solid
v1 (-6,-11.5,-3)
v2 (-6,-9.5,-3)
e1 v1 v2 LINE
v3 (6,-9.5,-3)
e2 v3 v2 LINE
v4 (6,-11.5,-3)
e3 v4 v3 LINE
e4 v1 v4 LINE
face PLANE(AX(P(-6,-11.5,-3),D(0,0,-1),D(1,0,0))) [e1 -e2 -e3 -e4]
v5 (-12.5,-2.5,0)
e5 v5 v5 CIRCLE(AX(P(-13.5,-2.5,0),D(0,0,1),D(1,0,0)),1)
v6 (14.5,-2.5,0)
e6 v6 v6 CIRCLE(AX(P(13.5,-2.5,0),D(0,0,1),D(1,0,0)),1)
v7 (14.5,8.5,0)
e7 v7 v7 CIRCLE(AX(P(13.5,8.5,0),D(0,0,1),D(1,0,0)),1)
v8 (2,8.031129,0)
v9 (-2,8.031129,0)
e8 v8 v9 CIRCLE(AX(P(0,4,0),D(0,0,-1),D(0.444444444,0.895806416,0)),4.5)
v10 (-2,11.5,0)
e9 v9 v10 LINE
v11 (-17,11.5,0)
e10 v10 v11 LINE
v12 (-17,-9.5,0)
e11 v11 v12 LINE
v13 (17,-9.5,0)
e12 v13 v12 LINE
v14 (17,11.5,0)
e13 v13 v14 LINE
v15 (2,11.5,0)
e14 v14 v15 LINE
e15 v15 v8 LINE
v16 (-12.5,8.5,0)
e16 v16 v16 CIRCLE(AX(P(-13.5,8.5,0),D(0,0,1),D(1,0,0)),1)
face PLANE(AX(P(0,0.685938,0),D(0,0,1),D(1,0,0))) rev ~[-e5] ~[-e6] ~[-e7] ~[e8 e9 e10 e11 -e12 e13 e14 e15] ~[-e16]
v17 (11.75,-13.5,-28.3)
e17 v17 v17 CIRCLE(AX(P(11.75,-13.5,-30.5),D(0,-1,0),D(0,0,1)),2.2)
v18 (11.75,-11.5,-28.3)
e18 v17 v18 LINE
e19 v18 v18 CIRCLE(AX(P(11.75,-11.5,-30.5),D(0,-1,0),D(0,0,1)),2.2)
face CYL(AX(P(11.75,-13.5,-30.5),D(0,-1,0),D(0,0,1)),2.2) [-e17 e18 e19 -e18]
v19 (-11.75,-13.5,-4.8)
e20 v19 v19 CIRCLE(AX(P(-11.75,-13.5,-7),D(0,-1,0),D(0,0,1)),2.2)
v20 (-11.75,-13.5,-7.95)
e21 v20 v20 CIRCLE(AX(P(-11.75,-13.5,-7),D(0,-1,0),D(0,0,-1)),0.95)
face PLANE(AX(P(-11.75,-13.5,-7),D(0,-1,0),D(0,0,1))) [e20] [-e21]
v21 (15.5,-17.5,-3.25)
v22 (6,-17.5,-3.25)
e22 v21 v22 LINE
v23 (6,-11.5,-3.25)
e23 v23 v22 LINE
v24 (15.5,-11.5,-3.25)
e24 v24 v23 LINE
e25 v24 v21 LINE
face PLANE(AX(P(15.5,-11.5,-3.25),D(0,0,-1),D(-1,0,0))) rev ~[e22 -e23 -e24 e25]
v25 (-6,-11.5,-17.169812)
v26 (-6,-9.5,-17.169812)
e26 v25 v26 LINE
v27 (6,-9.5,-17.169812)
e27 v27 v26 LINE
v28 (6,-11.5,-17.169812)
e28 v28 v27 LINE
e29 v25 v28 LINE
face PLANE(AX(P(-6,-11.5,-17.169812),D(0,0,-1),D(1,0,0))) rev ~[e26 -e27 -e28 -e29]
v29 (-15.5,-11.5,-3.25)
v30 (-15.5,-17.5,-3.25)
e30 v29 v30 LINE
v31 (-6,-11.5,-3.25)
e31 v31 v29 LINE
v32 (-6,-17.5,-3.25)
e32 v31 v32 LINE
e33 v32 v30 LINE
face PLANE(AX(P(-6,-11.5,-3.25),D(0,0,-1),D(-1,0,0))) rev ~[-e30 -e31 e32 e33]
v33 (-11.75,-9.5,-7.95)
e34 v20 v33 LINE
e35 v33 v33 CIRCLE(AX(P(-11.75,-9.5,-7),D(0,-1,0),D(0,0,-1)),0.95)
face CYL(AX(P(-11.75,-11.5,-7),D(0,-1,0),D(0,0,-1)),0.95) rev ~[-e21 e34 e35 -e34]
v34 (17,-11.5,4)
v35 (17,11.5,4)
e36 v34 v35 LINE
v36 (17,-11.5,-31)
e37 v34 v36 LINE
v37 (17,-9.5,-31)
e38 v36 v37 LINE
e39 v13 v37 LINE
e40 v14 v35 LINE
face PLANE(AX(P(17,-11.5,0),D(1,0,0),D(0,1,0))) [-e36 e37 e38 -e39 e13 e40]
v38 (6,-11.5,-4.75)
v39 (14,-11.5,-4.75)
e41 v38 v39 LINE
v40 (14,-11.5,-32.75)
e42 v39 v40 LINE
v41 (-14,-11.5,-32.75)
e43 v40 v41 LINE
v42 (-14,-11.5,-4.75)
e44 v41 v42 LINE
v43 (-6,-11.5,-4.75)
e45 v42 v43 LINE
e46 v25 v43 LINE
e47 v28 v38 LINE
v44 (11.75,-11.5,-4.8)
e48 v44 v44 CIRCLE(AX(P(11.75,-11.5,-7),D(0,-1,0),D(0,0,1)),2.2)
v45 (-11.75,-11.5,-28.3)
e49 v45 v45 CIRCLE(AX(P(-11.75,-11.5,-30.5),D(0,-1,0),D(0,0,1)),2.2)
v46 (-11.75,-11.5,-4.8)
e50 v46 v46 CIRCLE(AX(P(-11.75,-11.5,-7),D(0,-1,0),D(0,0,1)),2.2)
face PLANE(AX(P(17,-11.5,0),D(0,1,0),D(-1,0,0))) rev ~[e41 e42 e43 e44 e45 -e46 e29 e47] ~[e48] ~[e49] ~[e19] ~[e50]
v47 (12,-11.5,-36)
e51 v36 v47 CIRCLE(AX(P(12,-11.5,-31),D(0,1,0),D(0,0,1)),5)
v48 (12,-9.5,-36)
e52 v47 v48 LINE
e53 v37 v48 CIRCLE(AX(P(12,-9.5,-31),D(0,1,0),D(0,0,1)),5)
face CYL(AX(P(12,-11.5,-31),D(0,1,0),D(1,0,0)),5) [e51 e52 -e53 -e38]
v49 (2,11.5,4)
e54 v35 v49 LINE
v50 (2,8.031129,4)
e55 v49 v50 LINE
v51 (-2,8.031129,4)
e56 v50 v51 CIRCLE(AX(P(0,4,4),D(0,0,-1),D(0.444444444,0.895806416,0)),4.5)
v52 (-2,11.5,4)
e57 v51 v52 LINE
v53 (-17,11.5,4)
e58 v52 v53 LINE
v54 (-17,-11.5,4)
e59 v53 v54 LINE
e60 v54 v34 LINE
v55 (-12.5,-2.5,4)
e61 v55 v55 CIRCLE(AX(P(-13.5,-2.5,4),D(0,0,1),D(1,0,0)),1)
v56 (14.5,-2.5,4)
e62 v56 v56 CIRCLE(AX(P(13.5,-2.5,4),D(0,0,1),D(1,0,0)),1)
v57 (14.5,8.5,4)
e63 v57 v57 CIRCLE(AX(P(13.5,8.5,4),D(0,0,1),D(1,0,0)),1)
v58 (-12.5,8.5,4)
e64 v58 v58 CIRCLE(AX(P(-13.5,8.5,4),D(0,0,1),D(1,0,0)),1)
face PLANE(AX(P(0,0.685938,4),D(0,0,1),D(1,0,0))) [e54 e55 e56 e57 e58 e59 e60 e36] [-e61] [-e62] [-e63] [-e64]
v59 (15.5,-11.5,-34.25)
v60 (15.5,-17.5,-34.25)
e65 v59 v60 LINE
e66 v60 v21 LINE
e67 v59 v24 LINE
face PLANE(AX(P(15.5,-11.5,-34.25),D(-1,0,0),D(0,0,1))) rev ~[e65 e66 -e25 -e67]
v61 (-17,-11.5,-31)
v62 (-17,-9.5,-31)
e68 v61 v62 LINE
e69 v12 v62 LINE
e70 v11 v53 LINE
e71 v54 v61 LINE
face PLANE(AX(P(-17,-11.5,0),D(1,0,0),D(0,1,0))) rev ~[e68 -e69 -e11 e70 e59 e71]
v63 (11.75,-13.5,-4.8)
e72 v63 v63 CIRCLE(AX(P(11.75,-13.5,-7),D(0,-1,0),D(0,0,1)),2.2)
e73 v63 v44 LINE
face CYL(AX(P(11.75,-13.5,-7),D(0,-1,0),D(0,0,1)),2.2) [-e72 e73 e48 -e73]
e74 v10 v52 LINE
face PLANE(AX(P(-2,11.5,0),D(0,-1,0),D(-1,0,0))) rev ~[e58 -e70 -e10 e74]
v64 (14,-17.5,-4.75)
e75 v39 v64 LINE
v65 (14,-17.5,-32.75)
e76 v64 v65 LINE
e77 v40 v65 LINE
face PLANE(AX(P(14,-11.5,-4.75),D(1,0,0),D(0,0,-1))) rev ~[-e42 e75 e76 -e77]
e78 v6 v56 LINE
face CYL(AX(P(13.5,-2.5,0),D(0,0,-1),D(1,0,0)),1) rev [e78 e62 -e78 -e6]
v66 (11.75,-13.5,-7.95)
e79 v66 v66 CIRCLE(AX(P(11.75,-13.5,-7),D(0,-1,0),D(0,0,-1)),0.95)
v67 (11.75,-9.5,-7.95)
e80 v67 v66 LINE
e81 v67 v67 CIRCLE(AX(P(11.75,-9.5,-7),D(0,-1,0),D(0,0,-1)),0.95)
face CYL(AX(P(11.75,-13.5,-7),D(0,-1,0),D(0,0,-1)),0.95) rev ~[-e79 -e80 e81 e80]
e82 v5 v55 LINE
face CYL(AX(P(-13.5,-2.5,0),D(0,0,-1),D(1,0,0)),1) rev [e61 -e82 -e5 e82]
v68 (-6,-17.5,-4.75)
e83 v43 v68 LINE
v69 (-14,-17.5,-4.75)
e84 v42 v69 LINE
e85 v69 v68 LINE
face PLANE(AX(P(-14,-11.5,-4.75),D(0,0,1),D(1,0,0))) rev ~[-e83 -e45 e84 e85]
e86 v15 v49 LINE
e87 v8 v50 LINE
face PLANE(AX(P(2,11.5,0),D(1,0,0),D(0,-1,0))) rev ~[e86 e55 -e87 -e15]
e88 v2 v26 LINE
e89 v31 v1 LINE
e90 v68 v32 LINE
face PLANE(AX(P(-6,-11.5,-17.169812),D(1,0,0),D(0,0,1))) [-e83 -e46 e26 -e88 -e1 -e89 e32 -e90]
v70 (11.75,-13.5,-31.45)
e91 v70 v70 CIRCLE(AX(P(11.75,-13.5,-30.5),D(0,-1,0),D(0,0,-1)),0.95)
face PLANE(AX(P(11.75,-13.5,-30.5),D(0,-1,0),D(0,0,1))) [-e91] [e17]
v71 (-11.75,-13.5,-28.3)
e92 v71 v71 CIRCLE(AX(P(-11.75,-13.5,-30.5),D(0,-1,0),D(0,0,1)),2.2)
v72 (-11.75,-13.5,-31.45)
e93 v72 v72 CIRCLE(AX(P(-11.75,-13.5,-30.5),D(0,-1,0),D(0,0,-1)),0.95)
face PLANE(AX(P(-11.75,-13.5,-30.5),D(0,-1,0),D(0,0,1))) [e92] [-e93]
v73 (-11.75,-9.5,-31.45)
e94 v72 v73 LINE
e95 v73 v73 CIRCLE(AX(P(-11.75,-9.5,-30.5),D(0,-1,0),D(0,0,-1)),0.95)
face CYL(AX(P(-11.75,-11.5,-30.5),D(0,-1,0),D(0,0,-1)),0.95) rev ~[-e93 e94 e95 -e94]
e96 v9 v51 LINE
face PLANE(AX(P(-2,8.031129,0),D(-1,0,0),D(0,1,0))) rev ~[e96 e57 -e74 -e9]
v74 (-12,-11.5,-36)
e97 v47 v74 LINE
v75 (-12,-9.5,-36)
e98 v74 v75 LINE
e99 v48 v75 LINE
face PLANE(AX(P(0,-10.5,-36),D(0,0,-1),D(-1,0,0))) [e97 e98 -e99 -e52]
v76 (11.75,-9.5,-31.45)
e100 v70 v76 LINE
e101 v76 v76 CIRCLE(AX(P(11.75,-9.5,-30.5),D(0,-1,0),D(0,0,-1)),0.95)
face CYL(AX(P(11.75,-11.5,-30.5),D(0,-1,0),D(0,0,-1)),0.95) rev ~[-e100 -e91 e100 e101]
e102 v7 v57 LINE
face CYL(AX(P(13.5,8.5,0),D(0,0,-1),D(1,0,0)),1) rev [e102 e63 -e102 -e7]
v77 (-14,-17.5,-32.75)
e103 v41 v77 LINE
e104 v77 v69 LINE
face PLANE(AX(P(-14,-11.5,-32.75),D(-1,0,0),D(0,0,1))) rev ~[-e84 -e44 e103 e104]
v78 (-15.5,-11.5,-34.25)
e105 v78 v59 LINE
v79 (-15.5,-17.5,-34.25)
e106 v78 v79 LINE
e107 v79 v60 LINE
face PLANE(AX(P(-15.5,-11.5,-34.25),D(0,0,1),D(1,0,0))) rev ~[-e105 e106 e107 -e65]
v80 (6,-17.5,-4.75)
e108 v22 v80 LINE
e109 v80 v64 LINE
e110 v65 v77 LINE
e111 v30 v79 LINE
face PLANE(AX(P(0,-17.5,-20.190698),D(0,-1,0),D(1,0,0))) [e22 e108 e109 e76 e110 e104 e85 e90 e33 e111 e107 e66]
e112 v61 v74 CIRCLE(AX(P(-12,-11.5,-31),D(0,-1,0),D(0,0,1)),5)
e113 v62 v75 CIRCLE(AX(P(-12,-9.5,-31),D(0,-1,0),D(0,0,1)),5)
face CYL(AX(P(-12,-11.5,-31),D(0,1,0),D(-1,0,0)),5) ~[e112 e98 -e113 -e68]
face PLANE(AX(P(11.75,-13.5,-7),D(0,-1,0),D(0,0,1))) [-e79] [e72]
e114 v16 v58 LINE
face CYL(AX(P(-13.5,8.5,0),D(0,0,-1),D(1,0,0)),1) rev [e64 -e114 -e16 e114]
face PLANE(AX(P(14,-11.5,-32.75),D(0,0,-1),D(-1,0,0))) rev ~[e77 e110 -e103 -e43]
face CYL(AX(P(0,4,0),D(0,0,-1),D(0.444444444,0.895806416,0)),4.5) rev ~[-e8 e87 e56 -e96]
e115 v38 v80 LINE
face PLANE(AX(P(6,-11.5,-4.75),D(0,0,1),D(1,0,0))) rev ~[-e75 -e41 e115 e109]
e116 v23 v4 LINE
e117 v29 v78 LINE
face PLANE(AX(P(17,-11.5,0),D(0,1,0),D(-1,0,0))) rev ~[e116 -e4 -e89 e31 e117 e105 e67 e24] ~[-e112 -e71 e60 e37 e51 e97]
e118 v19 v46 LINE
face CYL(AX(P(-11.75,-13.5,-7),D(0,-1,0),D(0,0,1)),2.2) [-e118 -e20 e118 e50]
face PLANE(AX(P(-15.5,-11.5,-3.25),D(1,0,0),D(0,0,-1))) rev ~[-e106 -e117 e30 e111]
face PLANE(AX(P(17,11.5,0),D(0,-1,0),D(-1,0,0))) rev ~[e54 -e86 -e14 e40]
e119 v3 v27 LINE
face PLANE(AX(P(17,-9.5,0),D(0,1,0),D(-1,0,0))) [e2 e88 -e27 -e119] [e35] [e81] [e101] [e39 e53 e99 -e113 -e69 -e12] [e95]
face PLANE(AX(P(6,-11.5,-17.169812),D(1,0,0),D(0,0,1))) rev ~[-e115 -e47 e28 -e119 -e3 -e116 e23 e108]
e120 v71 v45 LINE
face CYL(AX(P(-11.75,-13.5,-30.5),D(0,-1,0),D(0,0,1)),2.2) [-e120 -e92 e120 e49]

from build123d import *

# Parameters (mm, degrees)
SKETCH_1_R          = 1
EXTRUDE_1_DEPTH     = 4
SKETCH_2_W          = 34
SKETCH_2_H          = 2
EXTRUDE_2_DEPTH     = 36
SKETCH_3_R          = 0.95
SKETCH_3_W          = 12
SKETCH_3_H          = 14.169811535
CUT_EXTRUDE_1_DEPTH = 3
EXTRUDE_START       = 2
SKETCH_4_R          = 2.2
SKETCH_4_R_2        = 0.95
EXTRUDE_3_DEPTH     = 2
FILLET_1_R          = 5
EXTRUDE_5_DEPTH     = 6


with BuildPart() as part:
    # Эскиз1 → Бобышка-Вытянуть1 (new body)
    with BuildSketch(Plane.XY):
        with BuildLine():
            Line((-17, -11.5), (17, -11.5))
            Line((17, -11.5), (17, 11.5))
            Line((17, 11.5), (2, 11.5))
            Line((2, 11.5), (2, 8.031128874))
            ThreePointArc((2, 8.031128874), (0, -0.5), (-2, 8.031128874))
            Line((-2, 8.031128874), (-2, 11.5))
            Line((-2, 11.5), (-17, 11.5))
            Line((-17, 11.5), (-17, -11.5))
        make_face()
        with Locations((-13.5, 8.5)):
            Circle(SKETCH_1_R, mode=Mode.SUBTRACT)
        with Locations((13.5, 8.5)):
            Circle(SKETCH_1_R, mode=Mode.SUBTRACT)
        with Locations((-13.5, -2.5)):
            Circle(SKETCH_1_R, mode=Mode.SUBTRACT)
        with Locations((13.5, -2.5)):
            Circle(SKETCH_1_R, mode=Mode.SUBTRACT)
    extrude(amount=EXTRUDE_1_DEPTH)

    # Эскиз2 → Бобышка-Вытянуть2 (add)
    with BuildSketch(Plane(origin=(0, 0, 0), x_dir=(-1, 0, 0), z_dir=(0, 0, -1))):
        with Locations((0, -10.5)):
            Rectangle(SKETCH_2_W, SKETCH_2_H)
    extrude(amount=EXTRUDE_2_DEPTH)

    # Эскиз3 → Вырез-Вытянуть1 (cut)
    with BuildSketch(Plane.XZ.offset(11.5)):
        with Locations(Location((11.75, -7, 0), (0, 0, 270))):
            Circle(SKETCH_3_R)
        with Locations(Location((11.75, -30.5, 0), (0, 0, 270))):
            Circle(SKETCH_3_R)
        with Locations(Location((-11.75, -30.5, 0), (0, 0, 270))):
            Circle(SKETCH_3_R)
        with Locations(Location((-11.75, -7, 0), (0, 0, 270))):
            Circle(SKETCH_3_R)
        with Locations((0, -10.084905768)):
            Rectangle(SKETCH_3_W, SKETCH_3_H)
    extrude(amount=-CUT_EXTRUDE_1_DEPTH, mode=Mode.SUBTRACT)

    # Эскиз4 → Бобышка-Вытянуть3 (add)
    # profile 1 of 4: a face of its own
    with BuildSketch(Plane.XZ.offset(11.5).offset(EXTRUDE_START)):
        with Locations(Location((11.75, -7, 0), (0, 0, 90))):
            Circle(SKETCH_4_R)
        with Locations(Location((11.75, -7, 0), (0, 0, 270))):
            Circle(SKETCH_4_R_2, mode=Mode.SUBTRACT)
    # profile 2 of 4: a face of its own
    with BuildSketch(Plane.XZ.offset(11.5).offset(EXTRUDE_START)):
        with Locations(Location((11.75, -30.5, 0), (0, 0, 90))):
            Circle(SKETCH_4_R)
        with Locations(Location((11.75, -30.5, 0), (0, 0, 270))):
            Circle(SKETCH_4_R_2, mode=Mode.SUBTRACT)
    # profile 3 of 4: a face of its own
    with BuildSketch(Plane.XZ.offset(11.5).offset(EXTRUDE_START)):
        with Locations(Location((-11.75, -7, 0), (0, 0, 90))):
            Circle(SKETCH_4_R)
        with Locations(Location((-11.75, -7, 0), (0, 0, 270))):
            Circle(SKETCH_4_R_2, mode=Mode.SUBTRACT)
    # profile 4 of 4: a face of its own
    with BuildSketch(Plane.XZ.offset(11.5).offset(EXTRUDE_START)):
        with Locations(Location((-11.75, -30.5, 0), (0, 0, 90))):
            Circle(SKETCH_4_R)
        with Locations(Location((-11.75, -30.5, 0), (0, 0, 270))):
            Circle(SKETCH_4_R_2, mode=Mode.SUBTRACT)
    extrude(amount=-EXTRUDE_3_DEPTH)

    # Скругление1
    fillet_1_edges = [part.edges().sort_by_distance(p)[0] for p in [
        (17, -10.5, -36),
        (-17, -10.5, -36),
    ]]
    fillet(fillet_1_edges, radius=FILLET_1_R)

    # Эскиз5 → Бобышка-Вытянуть5 (add)
    with BuildSketch(Plane.XZ.offset(11.5)):
        Polygon((14, -32.75), (-14, -32.75), (-14, -4.75), (-6, -4.75), (-6, -3.25), (-15.5, -3.25), (-15.5, -34.25), (15.5, -34.25), (15.5, -3.25), (6, -3.25), (6, -4.75), (14, -4.75), align=None)
    extrude(amount=EXTRUDE_5_DEPTH)


solid = part.part
